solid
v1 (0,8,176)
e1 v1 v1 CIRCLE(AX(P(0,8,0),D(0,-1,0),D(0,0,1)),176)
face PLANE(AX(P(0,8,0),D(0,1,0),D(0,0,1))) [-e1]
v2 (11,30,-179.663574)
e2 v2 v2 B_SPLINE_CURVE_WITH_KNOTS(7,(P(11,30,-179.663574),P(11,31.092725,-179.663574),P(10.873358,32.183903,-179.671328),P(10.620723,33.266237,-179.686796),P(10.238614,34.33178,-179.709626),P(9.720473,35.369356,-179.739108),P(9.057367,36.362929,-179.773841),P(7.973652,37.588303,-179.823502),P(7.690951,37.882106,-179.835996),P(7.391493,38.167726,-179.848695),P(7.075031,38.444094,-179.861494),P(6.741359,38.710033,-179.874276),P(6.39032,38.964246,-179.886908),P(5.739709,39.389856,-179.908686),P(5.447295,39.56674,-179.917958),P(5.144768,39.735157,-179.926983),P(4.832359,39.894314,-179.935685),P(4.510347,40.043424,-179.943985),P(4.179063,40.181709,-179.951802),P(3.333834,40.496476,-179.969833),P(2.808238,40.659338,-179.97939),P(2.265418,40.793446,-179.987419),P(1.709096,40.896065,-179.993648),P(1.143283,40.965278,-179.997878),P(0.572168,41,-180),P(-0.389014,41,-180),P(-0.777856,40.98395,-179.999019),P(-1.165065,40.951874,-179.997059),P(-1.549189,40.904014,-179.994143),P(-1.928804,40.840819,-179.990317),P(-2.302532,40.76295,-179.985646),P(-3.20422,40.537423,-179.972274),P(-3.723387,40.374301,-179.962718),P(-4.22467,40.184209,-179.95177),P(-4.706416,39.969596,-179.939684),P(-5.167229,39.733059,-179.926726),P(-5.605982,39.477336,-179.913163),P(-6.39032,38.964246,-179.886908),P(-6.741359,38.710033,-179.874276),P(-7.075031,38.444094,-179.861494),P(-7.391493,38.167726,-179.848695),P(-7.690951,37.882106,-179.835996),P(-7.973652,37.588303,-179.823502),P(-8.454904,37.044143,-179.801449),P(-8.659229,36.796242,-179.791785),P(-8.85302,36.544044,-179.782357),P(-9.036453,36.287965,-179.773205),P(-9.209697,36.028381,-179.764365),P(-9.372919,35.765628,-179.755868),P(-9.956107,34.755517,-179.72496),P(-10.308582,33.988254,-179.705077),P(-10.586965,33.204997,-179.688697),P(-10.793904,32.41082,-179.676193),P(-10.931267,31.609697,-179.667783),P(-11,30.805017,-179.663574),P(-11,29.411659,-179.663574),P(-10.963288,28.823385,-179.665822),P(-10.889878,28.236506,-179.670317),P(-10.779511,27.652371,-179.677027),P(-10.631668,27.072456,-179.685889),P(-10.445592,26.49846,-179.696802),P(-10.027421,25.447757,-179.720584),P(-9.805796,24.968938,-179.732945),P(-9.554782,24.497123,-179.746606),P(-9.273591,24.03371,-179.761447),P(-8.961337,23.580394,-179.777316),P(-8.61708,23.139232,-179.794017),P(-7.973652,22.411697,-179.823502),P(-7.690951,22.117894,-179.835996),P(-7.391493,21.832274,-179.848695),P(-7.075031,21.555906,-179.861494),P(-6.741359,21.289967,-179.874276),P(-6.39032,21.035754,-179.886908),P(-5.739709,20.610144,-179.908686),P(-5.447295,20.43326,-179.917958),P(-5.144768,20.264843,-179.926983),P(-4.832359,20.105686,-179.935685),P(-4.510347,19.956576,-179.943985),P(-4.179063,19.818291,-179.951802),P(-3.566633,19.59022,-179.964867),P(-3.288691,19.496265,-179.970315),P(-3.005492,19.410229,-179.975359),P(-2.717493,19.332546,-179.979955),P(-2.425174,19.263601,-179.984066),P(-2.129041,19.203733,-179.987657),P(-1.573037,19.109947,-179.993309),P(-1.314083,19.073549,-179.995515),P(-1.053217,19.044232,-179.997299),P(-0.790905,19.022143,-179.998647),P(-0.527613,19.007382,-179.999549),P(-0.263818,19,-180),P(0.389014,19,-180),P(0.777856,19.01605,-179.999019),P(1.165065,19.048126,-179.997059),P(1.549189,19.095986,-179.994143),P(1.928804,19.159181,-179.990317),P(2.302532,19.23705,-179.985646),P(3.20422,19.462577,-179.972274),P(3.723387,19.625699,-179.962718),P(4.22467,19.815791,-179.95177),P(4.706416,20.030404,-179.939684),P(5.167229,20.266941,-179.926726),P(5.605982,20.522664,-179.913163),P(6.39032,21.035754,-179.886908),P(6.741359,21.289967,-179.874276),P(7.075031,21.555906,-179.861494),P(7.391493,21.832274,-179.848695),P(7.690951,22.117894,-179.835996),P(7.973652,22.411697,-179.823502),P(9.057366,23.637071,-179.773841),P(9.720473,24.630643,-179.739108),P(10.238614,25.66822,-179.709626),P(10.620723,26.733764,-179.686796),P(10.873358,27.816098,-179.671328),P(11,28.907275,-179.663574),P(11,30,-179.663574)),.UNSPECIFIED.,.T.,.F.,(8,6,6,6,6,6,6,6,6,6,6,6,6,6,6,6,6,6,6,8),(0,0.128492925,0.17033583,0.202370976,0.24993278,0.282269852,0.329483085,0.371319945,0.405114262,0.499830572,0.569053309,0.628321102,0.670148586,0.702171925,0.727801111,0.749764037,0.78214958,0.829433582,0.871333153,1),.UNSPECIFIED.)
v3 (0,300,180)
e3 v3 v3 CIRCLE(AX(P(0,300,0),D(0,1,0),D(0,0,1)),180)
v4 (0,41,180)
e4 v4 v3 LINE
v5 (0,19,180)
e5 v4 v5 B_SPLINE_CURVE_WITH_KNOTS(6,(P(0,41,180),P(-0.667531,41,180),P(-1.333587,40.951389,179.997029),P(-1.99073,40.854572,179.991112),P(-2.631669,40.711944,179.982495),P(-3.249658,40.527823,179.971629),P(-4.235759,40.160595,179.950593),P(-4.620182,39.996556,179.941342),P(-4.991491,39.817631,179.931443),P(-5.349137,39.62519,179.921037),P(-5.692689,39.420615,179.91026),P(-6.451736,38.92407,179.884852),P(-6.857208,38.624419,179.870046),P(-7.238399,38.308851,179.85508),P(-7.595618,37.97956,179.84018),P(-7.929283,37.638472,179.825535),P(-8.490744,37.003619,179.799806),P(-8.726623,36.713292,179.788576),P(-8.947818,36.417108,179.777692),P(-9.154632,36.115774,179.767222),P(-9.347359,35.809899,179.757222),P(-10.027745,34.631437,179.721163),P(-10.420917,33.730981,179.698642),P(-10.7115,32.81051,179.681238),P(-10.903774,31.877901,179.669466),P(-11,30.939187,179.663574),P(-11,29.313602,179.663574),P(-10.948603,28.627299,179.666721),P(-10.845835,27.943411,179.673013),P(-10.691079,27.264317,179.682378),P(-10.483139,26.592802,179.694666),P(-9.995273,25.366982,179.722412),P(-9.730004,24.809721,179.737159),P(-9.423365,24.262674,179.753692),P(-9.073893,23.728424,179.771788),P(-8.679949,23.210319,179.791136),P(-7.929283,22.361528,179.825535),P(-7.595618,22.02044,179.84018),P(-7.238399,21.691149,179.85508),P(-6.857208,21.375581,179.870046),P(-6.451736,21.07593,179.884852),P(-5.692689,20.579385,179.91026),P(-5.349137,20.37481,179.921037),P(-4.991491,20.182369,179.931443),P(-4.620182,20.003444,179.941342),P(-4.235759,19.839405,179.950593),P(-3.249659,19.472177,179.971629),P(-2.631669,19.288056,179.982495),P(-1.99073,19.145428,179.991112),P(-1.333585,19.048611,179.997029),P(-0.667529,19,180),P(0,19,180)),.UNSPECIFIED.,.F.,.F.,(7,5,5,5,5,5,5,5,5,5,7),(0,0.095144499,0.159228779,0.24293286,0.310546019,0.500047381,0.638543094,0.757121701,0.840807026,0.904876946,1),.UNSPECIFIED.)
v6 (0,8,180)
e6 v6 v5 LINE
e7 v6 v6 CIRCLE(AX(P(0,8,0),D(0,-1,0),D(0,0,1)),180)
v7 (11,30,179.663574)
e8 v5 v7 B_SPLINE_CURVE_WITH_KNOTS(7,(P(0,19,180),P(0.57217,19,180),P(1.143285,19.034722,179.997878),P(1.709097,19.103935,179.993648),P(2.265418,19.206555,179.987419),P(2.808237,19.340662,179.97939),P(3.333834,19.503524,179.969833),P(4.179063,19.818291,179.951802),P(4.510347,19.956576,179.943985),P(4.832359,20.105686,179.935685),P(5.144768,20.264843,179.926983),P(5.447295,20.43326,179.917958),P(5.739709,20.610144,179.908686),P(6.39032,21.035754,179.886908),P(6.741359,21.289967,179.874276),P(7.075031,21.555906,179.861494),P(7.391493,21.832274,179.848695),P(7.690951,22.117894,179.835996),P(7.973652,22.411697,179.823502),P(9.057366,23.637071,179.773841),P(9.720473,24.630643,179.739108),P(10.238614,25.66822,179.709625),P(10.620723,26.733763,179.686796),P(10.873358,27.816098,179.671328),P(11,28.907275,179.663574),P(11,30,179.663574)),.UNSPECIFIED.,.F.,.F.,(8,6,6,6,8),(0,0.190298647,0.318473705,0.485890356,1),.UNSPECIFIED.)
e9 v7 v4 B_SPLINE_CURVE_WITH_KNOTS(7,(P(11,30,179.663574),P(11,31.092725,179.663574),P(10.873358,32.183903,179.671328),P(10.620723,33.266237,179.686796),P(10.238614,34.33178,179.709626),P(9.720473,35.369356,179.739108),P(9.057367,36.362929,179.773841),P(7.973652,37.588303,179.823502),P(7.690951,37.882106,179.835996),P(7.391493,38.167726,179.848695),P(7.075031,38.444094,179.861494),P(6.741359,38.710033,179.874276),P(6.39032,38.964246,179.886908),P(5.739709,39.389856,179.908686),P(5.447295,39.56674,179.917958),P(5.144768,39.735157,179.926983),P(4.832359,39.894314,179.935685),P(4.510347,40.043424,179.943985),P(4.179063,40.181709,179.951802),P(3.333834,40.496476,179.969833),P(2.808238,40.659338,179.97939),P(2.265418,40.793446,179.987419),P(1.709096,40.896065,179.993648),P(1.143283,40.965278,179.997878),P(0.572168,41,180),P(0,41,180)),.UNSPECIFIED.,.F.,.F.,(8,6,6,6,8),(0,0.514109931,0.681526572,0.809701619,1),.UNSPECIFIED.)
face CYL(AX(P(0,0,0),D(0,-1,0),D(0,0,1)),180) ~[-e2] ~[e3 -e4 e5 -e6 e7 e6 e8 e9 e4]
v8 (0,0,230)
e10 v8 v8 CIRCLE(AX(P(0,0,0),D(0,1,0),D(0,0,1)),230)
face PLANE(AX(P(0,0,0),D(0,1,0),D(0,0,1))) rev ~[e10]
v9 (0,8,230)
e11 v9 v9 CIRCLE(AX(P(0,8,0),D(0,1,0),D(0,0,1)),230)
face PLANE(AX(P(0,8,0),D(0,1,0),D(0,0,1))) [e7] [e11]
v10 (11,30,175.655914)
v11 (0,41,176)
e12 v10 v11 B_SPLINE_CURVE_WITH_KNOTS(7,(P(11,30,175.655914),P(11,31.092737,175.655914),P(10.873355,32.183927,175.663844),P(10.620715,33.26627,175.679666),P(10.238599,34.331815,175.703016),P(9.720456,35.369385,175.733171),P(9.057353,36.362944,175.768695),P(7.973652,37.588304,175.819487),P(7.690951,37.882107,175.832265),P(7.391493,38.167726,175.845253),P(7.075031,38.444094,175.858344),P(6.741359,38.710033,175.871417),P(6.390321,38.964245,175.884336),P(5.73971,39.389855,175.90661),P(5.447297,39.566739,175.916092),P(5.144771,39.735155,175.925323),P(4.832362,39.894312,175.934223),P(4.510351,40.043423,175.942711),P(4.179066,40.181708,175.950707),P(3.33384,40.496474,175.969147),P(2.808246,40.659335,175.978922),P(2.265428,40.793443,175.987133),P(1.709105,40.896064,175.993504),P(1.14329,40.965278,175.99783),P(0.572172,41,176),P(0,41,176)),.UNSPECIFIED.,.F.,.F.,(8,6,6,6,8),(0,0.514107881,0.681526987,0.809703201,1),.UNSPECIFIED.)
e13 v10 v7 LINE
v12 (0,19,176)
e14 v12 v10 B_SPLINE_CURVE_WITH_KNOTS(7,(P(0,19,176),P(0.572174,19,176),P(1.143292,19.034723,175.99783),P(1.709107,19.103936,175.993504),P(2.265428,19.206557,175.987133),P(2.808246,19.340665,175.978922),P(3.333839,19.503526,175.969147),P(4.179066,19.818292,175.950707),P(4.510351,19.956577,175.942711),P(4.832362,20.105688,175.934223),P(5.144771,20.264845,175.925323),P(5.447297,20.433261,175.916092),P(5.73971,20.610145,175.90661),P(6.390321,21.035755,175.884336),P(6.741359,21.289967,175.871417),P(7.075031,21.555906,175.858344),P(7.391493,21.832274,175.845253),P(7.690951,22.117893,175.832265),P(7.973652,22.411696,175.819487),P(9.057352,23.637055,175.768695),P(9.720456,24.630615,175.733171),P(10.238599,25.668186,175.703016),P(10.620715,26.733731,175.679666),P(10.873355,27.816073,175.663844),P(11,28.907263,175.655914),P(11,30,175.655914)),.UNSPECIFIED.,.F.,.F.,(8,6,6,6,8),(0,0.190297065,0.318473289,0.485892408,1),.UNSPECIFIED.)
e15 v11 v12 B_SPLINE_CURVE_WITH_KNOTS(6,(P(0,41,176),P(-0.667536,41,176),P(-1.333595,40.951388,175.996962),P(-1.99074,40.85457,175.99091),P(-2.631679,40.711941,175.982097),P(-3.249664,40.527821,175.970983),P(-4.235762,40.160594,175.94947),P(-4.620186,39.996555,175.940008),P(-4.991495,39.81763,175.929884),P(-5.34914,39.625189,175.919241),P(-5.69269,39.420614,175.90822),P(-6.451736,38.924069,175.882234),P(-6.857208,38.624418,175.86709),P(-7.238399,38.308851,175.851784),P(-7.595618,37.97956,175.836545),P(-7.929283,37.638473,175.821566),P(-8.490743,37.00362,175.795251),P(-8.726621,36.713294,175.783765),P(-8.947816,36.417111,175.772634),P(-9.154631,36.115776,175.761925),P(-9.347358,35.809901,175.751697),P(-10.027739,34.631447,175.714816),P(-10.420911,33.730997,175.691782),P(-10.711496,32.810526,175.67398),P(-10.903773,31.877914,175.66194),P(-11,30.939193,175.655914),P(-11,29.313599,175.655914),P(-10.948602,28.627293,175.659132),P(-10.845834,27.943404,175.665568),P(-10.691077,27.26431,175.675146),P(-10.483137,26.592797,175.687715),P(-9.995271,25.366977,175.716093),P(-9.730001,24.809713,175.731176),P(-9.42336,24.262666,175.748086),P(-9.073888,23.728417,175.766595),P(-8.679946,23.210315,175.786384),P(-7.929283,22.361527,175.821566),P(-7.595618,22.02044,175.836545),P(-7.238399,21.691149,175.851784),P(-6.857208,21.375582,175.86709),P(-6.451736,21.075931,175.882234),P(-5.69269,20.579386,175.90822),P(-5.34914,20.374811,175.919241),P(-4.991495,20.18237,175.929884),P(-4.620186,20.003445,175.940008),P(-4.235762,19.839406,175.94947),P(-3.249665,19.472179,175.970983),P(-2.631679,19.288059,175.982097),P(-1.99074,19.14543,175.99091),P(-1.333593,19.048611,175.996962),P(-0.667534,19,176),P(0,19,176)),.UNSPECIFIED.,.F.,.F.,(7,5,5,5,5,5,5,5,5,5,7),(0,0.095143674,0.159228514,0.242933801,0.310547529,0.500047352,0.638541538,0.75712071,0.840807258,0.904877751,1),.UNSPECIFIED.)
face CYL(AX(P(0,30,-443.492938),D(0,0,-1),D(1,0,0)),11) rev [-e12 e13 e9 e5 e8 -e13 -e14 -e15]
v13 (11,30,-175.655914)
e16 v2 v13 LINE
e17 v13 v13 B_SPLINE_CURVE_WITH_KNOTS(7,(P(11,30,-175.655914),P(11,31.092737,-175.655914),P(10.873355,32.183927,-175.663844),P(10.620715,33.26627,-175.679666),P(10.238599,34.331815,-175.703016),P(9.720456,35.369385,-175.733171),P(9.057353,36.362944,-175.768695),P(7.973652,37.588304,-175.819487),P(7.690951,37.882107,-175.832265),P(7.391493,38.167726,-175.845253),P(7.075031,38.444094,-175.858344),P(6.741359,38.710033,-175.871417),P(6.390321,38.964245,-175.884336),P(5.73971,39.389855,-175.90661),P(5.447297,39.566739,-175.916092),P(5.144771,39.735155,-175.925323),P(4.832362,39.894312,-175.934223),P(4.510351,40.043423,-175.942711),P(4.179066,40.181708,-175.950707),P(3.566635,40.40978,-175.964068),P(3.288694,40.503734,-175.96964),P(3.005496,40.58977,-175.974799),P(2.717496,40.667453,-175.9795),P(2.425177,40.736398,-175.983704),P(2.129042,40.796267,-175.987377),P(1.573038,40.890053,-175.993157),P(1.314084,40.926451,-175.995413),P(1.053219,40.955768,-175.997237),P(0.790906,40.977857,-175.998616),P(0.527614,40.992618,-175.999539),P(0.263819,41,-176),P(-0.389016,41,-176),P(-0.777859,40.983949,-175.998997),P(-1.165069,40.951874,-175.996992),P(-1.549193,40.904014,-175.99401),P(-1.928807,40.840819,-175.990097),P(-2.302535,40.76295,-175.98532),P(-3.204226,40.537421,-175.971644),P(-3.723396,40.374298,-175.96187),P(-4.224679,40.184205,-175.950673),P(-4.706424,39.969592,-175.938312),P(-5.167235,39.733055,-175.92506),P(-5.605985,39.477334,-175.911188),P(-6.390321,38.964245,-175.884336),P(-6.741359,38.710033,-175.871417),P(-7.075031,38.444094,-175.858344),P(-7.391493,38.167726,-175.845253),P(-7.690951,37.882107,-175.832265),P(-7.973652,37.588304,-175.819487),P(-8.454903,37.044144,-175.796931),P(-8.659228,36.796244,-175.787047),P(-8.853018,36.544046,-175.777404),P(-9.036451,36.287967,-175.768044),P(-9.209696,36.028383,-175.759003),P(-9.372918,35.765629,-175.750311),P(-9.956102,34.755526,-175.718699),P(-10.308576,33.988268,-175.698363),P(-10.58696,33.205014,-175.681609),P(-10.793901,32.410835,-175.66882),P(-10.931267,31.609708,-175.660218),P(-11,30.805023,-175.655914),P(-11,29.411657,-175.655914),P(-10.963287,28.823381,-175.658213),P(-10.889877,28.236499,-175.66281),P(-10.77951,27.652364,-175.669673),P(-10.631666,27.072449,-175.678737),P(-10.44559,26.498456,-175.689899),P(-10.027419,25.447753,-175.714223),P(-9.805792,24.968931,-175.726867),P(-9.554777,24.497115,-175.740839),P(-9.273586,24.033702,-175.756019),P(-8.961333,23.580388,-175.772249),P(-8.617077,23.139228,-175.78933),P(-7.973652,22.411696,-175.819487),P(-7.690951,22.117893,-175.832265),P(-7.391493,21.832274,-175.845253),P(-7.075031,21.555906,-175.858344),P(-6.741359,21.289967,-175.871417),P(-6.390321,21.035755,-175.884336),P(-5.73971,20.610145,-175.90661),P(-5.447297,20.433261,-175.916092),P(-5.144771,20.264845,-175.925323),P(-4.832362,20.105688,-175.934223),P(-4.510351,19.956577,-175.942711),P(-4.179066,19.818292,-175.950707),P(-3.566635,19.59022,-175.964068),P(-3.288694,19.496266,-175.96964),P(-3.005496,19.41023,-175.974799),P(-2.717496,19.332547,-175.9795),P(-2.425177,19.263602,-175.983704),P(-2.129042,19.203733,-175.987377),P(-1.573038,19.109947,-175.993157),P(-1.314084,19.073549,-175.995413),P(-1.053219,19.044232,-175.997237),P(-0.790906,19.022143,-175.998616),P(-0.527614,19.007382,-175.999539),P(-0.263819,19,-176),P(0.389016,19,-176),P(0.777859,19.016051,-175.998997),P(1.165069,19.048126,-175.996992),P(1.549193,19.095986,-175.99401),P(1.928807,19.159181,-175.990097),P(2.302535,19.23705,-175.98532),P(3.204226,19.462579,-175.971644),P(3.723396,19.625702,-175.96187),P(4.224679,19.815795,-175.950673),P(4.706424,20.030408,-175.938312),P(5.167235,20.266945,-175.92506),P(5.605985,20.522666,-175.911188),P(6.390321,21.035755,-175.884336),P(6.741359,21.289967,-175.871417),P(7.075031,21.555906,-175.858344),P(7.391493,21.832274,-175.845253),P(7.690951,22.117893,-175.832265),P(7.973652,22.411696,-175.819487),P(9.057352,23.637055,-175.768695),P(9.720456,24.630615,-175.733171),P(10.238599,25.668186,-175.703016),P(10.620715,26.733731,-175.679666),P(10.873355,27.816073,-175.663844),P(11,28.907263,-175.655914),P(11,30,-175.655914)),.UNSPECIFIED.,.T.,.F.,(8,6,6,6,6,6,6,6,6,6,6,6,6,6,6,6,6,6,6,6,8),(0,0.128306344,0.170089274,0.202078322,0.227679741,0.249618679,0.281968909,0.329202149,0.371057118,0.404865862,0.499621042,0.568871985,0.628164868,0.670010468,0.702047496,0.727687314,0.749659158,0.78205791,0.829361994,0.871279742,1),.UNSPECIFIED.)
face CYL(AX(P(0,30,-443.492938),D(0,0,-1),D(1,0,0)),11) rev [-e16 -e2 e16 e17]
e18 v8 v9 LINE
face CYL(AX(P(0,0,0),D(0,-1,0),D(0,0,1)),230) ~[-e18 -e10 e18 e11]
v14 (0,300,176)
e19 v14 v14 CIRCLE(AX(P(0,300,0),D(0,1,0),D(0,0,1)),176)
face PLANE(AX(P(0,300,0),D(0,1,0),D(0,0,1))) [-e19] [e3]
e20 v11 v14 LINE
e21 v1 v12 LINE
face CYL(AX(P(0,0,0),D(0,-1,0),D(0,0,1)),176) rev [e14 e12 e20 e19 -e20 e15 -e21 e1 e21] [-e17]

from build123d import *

# Parameters (mm, degrees)
BASE_FLANGE_SKETCH_R       = 230
BASE_FLANGE_DEPTH          = 8
TANK_WALL_SKETCH_R         = 180
TANK_WALL_SKETCH_R_2       = 176
TANK_WALL_DEPTH            = 300
TAP_DRAIN_PORTS_DEPTH      = 443.492937797
TAP_DRAIN_PORTS_DEPTH_BACK = 443.492937797
PORT_HOLES_SKETCH_R        = 11


with BuildPart() as part:
    # Base Flange Sketch → Base Flange (new body)
    with BuildSketch(Plane(origin=(0, 0, 0), x_dir=(1, 0, 0), z_dir=(0, 1, 0))):
        with Locations(Location((0, 0, 0), (0, 0, 270))):
            Circle(BASE_FLANGE_SKETCH_R)
    extrude(amount=BASE_FLANGE_DEPTH)

    # Tank Wall Sketch → Tank Wall (add)
    with BuildSketch(Plane(origin=(0, 0, 0), x_dir=(1, 0, 0), z_dir=(0, 1, 0))):
        with Locations(Location((0, 0, 0), (0, 0, 270))):
            Circle(TANK_WALL_SKETCH_R)
        with Locations(Location((0, 0, 0), (0, 0, 270))):
            Circle(TANK_WALL_SKETCH_R_2, mode=Mode.SUBTRACT)
    extrude(amount=TANK_WALL_DEPTH)

    # Port Holes Sketch → Tap + Drain Ports (cut, two sides: drawn at the far end of the back side and taken through both)
    with BuildSketch(Plane.XY.offset(-TAP_DRAIN_PORTS_DEPTH_BACK)):
        with Locations((0, 30)):
            Circle(PORT_HOLES_SKETCH_R)
    extrude(amount=TAP_DRAIN_PORTS_DEPTH + TAP_DRAIN_PORTS_DEPTH_BACK, mode=Mode.SUBTRACT)


solid = part.part
